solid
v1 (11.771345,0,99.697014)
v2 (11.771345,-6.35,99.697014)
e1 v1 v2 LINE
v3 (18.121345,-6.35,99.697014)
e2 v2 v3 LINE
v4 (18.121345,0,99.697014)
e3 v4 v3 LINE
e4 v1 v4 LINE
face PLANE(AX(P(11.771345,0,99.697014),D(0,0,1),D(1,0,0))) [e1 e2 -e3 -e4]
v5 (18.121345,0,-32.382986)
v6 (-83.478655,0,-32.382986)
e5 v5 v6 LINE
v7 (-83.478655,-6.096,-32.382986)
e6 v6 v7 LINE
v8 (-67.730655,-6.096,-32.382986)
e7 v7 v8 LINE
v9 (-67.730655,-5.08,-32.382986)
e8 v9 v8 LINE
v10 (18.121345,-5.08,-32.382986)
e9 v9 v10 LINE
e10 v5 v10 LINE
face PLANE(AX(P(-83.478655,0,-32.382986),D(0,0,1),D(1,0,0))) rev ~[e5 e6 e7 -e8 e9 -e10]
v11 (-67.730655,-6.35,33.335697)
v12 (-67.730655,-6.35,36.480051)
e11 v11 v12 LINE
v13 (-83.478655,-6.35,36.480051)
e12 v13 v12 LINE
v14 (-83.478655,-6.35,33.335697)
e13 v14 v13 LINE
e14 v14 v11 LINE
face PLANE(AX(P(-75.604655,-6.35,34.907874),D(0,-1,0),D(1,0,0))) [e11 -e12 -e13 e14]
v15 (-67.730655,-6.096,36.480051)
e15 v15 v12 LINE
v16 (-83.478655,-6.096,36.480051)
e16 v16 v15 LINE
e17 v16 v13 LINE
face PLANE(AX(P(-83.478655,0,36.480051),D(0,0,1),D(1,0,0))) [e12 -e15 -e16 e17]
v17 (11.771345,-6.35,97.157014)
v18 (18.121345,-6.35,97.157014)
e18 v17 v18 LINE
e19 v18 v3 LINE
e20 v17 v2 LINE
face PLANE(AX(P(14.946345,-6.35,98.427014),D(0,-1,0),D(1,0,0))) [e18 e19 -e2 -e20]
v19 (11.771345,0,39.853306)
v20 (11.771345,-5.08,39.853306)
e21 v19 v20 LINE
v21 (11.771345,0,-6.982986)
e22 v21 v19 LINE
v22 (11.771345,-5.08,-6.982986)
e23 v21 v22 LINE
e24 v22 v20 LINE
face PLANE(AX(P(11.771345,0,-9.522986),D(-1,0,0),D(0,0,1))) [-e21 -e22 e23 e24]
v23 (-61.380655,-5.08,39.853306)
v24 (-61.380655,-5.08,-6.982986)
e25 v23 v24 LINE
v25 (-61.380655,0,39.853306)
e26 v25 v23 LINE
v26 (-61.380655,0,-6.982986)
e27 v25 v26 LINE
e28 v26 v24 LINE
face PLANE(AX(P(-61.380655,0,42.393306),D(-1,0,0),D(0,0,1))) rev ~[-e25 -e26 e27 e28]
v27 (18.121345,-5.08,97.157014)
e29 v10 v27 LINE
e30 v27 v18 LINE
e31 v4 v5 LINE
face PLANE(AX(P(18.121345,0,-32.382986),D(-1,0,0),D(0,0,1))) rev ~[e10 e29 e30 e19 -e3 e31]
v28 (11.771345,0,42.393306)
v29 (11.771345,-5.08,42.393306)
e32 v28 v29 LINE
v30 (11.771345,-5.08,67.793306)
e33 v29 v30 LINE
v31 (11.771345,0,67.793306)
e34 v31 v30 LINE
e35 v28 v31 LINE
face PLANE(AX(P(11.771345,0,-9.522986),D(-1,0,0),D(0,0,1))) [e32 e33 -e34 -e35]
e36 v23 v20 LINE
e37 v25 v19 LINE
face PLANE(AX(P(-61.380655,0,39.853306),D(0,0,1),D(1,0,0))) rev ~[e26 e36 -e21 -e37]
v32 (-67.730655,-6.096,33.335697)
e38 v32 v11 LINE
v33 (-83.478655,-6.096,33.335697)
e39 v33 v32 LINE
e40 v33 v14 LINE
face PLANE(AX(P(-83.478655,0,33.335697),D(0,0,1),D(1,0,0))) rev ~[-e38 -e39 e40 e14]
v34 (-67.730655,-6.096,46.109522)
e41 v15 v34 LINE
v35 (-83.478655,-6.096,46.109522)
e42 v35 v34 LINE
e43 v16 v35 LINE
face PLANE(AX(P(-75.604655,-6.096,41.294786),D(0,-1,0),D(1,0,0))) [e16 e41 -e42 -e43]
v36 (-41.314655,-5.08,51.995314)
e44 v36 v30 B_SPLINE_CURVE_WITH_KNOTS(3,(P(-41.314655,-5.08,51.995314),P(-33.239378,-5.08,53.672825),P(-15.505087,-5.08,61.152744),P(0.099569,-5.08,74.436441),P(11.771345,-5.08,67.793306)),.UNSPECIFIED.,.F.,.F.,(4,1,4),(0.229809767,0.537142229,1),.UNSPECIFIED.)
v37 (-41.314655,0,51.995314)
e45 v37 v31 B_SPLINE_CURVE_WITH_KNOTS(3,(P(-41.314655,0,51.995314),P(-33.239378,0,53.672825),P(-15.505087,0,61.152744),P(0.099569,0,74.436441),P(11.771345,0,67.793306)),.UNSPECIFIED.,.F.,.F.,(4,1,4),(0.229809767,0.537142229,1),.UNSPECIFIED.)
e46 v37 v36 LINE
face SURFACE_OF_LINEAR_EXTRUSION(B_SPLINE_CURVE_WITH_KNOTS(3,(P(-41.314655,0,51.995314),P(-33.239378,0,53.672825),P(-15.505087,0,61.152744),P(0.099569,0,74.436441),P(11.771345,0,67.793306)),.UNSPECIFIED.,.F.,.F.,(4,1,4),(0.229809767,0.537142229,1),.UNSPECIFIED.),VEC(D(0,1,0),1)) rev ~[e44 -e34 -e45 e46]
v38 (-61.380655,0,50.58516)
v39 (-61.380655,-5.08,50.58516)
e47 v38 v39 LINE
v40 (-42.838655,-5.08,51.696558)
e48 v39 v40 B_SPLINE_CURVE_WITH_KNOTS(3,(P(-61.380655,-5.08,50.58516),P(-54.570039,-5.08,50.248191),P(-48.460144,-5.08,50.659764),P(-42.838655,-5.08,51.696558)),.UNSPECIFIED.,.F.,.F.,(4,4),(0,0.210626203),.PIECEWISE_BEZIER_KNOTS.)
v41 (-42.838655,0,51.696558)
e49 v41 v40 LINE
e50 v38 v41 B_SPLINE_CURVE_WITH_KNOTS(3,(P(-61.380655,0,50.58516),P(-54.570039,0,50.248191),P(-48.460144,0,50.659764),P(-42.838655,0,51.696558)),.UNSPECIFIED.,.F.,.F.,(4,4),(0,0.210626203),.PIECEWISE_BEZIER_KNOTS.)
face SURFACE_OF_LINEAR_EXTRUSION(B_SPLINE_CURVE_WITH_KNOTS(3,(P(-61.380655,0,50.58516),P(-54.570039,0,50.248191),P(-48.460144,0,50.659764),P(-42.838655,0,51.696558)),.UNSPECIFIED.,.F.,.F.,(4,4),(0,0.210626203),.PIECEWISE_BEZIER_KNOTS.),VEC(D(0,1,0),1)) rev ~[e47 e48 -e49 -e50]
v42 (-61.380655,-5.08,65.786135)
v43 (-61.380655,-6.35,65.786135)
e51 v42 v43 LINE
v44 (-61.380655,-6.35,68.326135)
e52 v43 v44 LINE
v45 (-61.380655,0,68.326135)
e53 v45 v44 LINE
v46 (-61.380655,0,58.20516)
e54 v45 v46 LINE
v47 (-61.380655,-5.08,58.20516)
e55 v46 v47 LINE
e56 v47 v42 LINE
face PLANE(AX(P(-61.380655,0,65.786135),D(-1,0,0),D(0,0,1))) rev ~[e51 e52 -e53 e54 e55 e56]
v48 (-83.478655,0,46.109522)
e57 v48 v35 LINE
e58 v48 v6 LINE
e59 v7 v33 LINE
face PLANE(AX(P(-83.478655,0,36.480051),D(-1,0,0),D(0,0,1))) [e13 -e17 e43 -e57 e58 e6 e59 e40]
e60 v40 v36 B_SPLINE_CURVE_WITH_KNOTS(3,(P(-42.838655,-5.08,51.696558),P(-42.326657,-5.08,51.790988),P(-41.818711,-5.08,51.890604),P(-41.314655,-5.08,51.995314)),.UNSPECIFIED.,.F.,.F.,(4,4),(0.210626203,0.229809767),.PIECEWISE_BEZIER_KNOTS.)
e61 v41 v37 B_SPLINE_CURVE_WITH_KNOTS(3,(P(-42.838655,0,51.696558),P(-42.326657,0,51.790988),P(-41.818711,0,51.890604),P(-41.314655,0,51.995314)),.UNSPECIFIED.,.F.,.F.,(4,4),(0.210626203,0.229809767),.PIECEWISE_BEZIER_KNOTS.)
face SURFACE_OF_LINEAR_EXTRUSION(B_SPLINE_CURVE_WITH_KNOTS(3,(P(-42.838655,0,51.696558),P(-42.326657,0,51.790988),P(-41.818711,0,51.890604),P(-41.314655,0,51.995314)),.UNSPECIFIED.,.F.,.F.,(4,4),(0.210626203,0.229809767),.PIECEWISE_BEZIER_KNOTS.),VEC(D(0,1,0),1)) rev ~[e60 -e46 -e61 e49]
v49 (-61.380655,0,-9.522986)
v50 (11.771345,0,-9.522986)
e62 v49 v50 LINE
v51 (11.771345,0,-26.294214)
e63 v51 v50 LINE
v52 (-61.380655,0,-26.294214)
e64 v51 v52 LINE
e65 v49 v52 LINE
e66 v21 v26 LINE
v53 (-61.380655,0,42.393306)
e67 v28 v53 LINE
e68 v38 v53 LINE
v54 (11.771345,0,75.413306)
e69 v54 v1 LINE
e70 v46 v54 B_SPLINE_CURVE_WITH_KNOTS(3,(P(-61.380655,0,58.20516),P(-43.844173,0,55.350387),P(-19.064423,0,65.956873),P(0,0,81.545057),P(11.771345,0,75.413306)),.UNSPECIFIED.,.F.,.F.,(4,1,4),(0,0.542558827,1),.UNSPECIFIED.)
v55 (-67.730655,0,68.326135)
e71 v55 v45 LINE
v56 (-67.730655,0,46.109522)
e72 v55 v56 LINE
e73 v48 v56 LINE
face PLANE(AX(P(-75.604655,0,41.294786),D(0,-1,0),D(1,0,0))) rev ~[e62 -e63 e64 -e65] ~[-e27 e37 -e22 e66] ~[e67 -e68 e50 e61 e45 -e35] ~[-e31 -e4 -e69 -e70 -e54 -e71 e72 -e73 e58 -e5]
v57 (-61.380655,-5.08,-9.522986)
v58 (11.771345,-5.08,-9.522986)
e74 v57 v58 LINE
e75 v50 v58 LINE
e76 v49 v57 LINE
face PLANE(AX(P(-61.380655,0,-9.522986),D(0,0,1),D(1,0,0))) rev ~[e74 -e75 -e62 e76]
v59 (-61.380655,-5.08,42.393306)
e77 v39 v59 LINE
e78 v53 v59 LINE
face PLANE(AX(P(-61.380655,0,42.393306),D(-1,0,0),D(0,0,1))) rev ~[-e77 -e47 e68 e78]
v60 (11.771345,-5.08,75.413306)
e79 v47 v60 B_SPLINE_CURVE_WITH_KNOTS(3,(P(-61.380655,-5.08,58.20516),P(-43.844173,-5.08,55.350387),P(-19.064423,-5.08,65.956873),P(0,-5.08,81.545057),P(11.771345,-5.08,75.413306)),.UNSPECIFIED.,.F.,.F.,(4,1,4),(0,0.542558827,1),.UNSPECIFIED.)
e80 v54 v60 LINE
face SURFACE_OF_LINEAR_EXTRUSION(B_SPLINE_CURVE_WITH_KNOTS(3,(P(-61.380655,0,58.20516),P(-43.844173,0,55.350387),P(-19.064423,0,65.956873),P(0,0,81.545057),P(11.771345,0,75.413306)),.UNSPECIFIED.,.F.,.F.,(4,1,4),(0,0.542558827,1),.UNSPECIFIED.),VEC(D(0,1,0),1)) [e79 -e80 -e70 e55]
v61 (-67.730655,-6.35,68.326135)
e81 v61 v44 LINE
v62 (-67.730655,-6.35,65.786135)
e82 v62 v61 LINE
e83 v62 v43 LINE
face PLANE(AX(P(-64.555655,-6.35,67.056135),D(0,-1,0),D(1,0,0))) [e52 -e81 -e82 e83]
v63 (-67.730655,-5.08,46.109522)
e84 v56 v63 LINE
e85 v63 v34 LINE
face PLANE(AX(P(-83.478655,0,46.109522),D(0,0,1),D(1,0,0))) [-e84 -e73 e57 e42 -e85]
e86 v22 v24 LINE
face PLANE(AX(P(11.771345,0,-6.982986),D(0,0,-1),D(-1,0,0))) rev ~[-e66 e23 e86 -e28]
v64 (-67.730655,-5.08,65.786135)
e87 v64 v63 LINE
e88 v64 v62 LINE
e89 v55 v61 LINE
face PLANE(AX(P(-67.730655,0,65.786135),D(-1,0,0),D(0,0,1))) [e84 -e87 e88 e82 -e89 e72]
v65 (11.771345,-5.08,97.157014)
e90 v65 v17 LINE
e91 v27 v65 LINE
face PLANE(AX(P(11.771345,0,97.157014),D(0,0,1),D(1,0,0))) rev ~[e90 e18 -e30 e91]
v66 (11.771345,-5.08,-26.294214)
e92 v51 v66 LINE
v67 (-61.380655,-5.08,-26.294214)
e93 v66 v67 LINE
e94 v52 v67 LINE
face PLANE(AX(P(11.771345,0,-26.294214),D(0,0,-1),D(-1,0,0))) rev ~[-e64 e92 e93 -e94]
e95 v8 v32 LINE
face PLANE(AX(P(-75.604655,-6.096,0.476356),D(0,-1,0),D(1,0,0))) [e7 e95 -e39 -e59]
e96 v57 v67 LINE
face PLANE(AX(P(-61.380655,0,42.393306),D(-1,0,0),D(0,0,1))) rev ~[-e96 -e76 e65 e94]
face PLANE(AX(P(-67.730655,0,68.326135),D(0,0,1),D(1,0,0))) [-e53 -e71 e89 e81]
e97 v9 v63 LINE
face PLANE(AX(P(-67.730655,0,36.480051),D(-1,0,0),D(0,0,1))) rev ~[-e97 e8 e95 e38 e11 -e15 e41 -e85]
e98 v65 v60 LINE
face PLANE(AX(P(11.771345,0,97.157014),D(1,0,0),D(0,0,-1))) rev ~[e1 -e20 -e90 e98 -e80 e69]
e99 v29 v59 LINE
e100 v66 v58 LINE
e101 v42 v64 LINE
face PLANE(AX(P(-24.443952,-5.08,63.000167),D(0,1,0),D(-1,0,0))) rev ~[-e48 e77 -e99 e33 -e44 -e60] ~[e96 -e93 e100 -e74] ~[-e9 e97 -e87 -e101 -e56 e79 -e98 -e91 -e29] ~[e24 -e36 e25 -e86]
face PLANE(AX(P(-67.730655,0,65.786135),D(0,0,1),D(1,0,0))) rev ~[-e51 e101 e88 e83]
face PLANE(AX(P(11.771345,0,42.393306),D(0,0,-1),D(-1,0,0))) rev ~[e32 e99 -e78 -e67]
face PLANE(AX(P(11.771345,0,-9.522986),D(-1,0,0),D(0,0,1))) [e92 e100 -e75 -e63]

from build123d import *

# Parameters (mm, degrees)
F0_W     = 1.524
F0_H     = 2.54
F0_W_2   = 18.542
F0_W_3   = 53.086
F1_DEPTH = 5.08
F0_W_4   = 6.35
F0_W_5   = 15.748
F0_H_2   = 3.1443536282
F2_DEPTH = 6.35
F0_H_3   = 9.6294713412
F0_H_4   = 65.7186827598
F3_DEPTH = 6.096
F4_DEPTH = 5.08
F5_DEPTH = 5.08
F6_DEPTH = 5.08


with BuildPart() as f1:
    # F0 (on Front) → F1 (new body)
    with BuildSketch(Plane.XZ):
        with BuildLine():
            add(Edge.make_bspline(
                [(-61.3806553816, 58.2051597101), (-43.8441733015, 55.3503870336), (-19.0644229117, 65.9568732466), (0, 81.5450566713), (11.7713446184, 75.4133064361)],
                knots=[0, 0, 0, 0, 0.5425588266, 1, 1, 1, 1], degree=3))
            Line((-61.3806553816, 58.2051597101), (-61.3806553816, 50.5851597101))
            add(Edge.make_bspline(
                [(-61.3806553816, 50.5851597101), (-54.5700391068, 50.2481911872), (-48.4601444481, 50.6597637989), (-42.8386553816, 51.696558085)],
                knots=[0, 0, 0, 0, 0.2106262028, 0.2106262028, 0.2106262028, 0.2106262028], degree=3))
            add(Edge.make_bspline(
                [(-42.8386553816, 51.696558085), (-42.3266573649, 51.7909879792), (-41.8187108352, 51.8906042954), (-41.3146553816, 51.9953138621)],
                knots=[0.2106262028, 0.2106262028, 0.2106262028, 0.2106262028, 0.2298097673, 0.2298097673, 0.2298097673, 0.2298097673], degree=3))
            add(Edge.make_bspline(
                [(-41.3146553816, 51.9953138621), (-33.2393780699, 53.6728252996), (-15.5050873091, 61.1527435678), (0.0995686219, 74.4364412814), (11.7713446184, 67.7933064361)],
                knots=[0.2298097673, 0.2298097673, 0.2298097673, 0.2298097673, 0.5371422287, 1, 1, 1, 1], degree=3))
            Line((11.7713446184, 67.7933064361), (11.7713446184, 75.4133064361))
        make_face()
        Polygon((-67.7306553816, 65.7861350714), (-67.7306553816, 46.1095218752), (-67.7306553816, 36.480050534), (-67.7306553816, 33.3356969059), (-67.7306553816, -32.382985854), (-61.3806553816, -32.382985854), (-61.3806553816, -26.2942135113), (-61.3806553816, -9.522985854), (-61.3806553816, -6.982985854), (-61.3806553816, -1.905), (-61.3806553816, -0.9525), (-61.3806553816, 0), (-61.3806553816, 10.16), (-61.3806553816, 11.1125), (-61.3806553816, 12.065), (-61.3806553816, 20.997421816), (-61.3806553816, 22.267421816), (-61.3806553816, 39.8533064361), (-61.3806553816, 42.3933064361), (-61.3806553816, 42.9651597101), (-61.3806553816, 50.5851597101), (-61.3806553816, 58.2051597101), (-61.3806553816, 65.7861350714), align=None)
        Polygon((-61.3806553816, -26.2942135113), (-61.3806553816, -32.382985854), (11.7713446184, -32.382985854), (11.7713446184, -26.2942135113), (-41.3146553816, -26.2942135113), (-42.8386553816, -26.2942135113), align=None)
        Polygon((11.7713446184, 97.157014146), (11.7713446184, 75.4133064361), (11.7713446184, 67.7933064361), (11.7713446184, 46.1095218752), (11.7713446184, 42.3933064361), (11.7713446184, 39.8533064361), (11.7713446184, 22.267421816), (11.7713446184, 20.997421816), (11.7713446184, 19.2415746087), (11.7713446184, 17.9715746087), (11.7713446184, 12.065), (11.7713446184, 11.1125), (11.7713446184, 10.16), (11.7713446184, 0), (11.7713446184, -0.9525), (11.7713446184, -1.905), (11.7713446184, -6.982985854), (11.7713446184, -9.522985854), (11.7713446184, -26.2942135113), (11.7713446184, -32.382985854), (18.1213446184, -32.382985854), (18.1213446184, 97.157014146), align=None)
        with Locations((-42.0766553816, -8.252985854)):
            Rectangle(F0_W, F0_H)
        with Locations((-52.1096553816, -8.252985854)):
            Rectangle(F0_W_2, F0_H)
        with Locations((-14.7716553816, -8.252985854)):
            Rectangle(F0_W_3, F0_H)
        with Locations((-14.7716553816, 41.1233064361)):
            Rectangle(F0_W_3, F0_H)
        with Locations((-52.1096553816, 41.1233064361)):
            Rectangle(F0_W_2, F0_H)
        with Locations((-42.0766553816, 41.1233064361)):
            Rectangle(F0_W, F0_H)
    extrude(amount=F1_DEPTH)

    # F0 (on Front) → F2 (join)
    with BuildSketch(Plane.XZ):
        with Locations((-64.5556553816, 67.0561350714)):
            Rectangle(F0_W_4, F0_H)
        with Locations((14.9463446184, 98.427014146)):
            Rectangle(F0_W_4, F0_H)
        with Locations((-75.6046553816, 34.9078737199)):
            Rectangle(F0_W_5, F0_H_2)
    extrude(amount=F2_DEPTH)

    # F0 (on Front) → F3 (join)
    with BuildSketch(Plane.XZ):
        with Locations((-75.6046553816, 41.2947862046)):
            Rectangle(F0_W_5, F0_H_3)
        with Locations((-75.6046553816, 0.4763555259)):
            Rectangle(F0_W_5, F0_H_4)
    extrude(amount=F3_DEPTH)

    # F0 (on Front) → F4 (cut)
    with BuildSketch(Plane.XZ):
        with Locations((-52.1096553816, 41.1233064361)):
            Rectangle(F0_W_2, F0_H)
        with Locations((-42.0766553816, 41.1233064361)):
            Rectangle(F0_W, F0_H)
        with Locations((-14.7716553816, 41.1233064361)):
            Rectangle(F0_W_3, F0_H)
    extrude(amount=F4_DEPTH, mode=Mode.SUBTRACT)

    # F0 (on Front) → F5 (cut)
    with BuildSketch(Plane.XZ):
        with Locations((-52.1096553816, -8.252985854)):
            Rectangle(F0_W_2, F0_H)
        with Locations((-42.0766553816, -8.252985854)):
            Rectangle(F0_W, F0_H)
        with Locations((-14.7716553816, -8.252985854)):
            Rectangle(F0_W_3, F0_H)
    extrude(amount=F5_DEPTH, mode=Mode.SUBTRACT)

    # F0 (on Front) → F6 (join)
    with BuildSketch(Plane.XZ):
        with Locations((-14.7716553816, 41.1233064361)):
            Rectangle(F0_W_3, F0_H)
        with Locations((-52.1096553816, 41.1233064361)):
            Rectangle(F0_W_2, F0_H)
        with Locations((-42.0766553816, 41.1233064361)):
            Rectangle(F0_W, F0_H)
        with Locations((-52.1096553816, -8.252985854)):
            Rectangle(F0_W_2, F0_H)
        with Locations((-14.7716553816, -8.252985854)):
            Rectangle(F0_W_3, F0_H)
        with Locations((-42.0766553816, -8.252985854)):
            Rectangle(F0_W, F0_H)
    extrude(amount=F6_DEPTH)


solid = f1.part
